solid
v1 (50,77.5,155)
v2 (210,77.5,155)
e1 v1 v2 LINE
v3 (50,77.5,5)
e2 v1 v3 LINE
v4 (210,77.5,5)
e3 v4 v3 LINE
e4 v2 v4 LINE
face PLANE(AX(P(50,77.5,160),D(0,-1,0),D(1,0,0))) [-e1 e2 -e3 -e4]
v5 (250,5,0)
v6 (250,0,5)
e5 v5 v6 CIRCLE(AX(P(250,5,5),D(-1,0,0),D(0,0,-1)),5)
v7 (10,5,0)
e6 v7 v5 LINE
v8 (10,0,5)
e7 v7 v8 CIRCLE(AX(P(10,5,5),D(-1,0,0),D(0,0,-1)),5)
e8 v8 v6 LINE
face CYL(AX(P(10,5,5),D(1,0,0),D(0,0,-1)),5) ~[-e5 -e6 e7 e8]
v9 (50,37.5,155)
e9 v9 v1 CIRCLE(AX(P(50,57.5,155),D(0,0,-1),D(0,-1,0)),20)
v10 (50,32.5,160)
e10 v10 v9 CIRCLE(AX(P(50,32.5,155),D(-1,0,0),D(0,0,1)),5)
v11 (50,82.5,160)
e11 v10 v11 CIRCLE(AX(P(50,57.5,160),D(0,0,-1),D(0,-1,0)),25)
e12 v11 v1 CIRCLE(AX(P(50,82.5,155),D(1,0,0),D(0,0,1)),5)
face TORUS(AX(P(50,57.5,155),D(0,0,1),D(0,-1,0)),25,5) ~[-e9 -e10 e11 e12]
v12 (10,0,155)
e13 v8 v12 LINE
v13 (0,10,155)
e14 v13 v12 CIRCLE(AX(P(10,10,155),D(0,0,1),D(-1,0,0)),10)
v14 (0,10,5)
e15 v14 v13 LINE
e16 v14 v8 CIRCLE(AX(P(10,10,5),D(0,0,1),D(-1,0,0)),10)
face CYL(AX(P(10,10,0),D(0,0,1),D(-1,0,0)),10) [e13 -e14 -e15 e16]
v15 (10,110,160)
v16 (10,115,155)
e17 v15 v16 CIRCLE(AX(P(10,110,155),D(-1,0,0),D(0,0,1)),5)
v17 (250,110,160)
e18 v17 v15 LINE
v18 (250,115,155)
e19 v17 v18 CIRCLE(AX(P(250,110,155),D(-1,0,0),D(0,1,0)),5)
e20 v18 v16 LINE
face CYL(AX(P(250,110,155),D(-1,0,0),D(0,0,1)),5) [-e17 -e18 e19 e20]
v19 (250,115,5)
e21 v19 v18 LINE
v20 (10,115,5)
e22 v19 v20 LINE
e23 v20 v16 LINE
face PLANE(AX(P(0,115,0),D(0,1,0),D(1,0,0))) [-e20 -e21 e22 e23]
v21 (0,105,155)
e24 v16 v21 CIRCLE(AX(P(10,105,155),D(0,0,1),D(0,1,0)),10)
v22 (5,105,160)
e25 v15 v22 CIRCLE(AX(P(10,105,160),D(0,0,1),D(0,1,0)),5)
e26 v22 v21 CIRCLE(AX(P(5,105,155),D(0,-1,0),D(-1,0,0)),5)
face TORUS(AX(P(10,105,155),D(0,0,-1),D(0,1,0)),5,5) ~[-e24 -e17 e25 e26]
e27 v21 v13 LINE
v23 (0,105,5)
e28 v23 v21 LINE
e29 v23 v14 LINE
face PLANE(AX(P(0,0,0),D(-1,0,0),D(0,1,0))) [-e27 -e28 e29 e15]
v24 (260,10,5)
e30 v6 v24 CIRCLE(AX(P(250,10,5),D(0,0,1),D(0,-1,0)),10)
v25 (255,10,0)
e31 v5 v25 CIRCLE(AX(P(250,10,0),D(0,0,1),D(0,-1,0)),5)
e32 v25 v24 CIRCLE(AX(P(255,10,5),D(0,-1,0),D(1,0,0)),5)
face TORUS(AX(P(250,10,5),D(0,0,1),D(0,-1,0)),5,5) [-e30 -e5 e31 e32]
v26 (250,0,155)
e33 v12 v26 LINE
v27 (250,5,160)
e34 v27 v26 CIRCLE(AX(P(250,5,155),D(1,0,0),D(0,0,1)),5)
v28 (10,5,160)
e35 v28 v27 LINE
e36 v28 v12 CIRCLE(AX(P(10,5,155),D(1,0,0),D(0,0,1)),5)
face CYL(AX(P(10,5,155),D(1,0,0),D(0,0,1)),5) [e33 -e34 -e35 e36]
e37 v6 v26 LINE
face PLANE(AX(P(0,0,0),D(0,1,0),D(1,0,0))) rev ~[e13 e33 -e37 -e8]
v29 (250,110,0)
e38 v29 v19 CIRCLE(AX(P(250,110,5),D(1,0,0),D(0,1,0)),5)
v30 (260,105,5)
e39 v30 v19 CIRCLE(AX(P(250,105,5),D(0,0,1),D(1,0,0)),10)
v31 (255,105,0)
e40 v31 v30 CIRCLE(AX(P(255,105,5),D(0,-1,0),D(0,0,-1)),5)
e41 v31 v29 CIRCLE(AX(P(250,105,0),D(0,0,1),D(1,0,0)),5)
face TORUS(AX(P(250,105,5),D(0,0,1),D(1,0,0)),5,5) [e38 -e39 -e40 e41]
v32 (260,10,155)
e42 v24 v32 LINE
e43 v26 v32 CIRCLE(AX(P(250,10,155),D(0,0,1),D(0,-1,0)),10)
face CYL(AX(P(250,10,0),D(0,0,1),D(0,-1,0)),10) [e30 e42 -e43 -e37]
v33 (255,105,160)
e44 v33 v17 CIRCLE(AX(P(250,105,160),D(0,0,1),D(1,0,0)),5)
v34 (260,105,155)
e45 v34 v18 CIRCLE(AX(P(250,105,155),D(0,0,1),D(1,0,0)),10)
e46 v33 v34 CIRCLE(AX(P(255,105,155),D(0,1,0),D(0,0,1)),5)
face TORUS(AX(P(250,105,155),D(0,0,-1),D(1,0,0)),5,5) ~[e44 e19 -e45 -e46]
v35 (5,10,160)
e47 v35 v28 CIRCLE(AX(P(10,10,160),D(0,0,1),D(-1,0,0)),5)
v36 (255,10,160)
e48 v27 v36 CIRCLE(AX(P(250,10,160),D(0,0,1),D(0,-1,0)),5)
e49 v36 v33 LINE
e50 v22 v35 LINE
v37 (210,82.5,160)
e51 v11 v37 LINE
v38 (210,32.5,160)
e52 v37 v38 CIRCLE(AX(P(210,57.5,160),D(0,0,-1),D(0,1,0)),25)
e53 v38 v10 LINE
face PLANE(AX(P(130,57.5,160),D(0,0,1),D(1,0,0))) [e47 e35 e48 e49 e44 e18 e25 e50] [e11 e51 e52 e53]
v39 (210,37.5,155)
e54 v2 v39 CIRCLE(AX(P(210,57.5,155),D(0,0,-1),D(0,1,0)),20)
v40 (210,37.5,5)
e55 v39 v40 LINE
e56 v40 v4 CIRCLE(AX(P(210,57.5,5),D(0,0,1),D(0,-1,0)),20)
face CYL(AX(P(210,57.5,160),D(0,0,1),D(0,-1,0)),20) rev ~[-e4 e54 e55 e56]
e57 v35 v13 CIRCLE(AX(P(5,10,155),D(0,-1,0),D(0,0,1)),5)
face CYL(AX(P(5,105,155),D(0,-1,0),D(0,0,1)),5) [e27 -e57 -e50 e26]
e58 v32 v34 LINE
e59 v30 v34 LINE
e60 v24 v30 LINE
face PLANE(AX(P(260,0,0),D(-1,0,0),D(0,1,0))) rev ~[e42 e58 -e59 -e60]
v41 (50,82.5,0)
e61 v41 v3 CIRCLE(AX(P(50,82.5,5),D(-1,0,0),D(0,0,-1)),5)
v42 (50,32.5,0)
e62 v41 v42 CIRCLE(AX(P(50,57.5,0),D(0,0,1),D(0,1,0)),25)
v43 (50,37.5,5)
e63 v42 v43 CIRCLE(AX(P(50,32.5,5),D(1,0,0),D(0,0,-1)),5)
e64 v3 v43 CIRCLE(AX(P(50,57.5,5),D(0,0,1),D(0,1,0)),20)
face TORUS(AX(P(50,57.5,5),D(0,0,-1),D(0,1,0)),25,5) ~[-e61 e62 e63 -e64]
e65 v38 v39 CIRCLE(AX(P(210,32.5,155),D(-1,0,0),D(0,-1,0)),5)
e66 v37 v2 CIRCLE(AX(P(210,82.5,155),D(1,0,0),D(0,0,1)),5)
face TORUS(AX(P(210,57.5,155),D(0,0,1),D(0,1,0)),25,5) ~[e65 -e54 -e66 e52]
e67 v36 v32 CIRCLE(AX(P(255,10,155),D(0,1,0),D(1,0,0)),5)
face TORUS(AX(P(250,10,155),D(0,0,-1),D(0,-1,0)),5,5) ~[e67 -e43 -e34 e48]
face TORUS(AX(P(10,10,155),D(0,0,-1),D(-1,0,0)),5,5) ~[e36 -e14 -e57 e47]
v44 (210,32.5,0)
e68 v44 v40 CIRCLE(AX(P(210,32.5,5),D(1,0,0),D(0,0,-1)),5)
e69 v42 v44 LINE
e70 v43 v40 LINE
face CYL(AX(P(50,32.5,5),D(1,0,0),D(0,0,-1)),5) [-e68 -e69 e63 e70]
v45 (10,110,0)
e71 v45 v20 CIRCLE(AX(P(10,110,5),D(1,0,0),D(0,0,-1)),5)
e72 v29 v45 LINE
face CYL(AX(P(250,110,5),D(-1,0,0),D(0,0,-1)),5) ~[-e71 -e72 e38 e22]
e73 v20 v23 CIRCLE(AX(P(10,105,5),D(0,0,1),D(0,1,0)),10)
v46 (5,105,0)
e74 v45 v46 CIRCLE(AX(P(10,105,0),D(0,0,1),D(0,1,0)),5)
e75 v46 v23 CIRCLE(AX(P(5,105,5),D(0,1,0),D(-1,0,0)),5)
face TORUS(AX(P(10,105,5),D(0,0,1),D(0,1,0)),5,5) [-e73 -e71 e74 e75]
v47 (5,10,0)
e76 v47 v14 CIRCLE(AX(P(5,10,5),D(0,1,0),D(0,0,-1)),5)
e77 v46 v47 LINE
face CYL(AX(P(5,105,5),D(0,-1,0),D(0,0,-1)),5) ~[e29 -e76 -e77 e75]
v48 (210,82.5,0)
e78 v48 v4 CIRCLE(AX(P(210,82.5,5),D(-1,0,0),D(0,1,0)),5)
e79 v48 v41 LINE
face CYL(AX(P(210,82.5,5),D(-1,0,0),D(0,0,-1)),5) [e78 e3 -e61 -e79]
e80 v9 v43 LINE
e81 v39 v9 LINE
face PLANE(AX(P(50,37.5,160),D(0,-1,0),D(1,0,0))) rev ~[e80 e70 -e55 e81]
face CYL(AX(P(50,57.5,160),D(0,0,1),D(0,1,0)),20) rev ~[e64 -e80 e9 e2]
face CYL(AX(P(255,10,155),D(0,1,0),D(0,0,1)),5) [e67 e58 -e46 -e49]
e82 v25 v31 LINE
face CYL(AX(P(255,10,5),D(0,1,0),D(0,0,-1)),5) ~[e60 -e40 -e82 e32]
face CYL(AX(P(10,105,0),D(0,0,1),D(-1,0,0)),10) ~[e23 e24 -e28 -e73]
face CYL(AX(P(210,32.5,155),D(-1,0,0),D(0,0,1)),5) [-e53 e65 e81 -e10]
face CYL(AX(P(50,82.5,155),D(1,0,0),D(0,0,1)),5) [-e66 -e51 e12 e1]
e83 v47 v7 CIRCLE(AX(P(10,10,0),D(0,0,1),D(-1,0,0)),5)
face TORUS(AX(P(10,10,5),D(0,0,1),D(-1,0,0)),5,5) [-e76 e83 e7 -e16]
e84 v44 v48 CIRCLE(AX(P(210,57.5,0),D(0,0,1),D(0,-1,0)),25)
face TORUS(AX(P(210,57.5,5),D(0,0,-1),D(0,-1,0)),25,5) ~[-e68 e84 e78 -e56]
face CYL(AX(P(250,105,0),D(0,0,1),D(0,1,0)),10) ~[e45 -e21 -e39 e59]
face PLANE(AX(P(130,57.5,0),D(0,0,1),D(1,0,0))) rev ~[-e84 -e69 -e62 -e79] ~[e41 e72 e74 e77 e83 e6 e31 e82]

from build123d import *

# Parameters (mm, degrees)
SKETCH_W     = 260
SKETCH_H     = 115
PAD_DEPTH    = 160
POCKET_DEPTH = 160.001
FILLET_R     = 10
FILLET001_R  = 5


with BuildPart() as part:
    # Sketch → Pad (new body)
    with BuildSketch(Plane.XY):
        with Locations((130, 57.5)):
            Rectangle(SKETCH_W, SKETCH_H)
    extrude(amount=PAD_DEPTH)

    # Sketch001 → Pocket (cut, through all)
    with BuildSketch(Plane.XY.offset(160)):
        with BuildLine():
            ThreePointArc((50, 77.5), (30, 57.5), (50, 37.5))
            Line((50, 37.5), (210, 37.5))
            ThreePointArc((210, 37.5), (230, 57.5), (210, 77.5))
            Line((50, 77.5), (210, 77.5))
        make_face()
    extrude(amount=-POCKET_DEPTH, mode=Mode.SUBTRACT)

    # Fillet
    fillet_edges = [part.edges().sort_by_distance(p)[0] for p in [
        (0, 0, 80),
        (0, 115, 80),
        (260, 0, 80),
        (260, 115, 80),
    ]]
    fillet(fillet_edges, radius=FILLET_R)

    # Fillet001
    fillet001_edges = [part.edges().sort_by_distance(p)[0] for p in [
        (130, 0, 0),
        (2.928932, 2.928932, 0),
        (257.071068, 2.928932, 0),
        (0, 57.5, 0),
        (260, 57.5, 0),
        (2.928932, 112.071068, 0),
        (257.071068, 112.071068, 0),
        (130, 115, 0),
        (130, 37.5, 0),
        (30, 57.5, 0),
        (130, 77.5, 0),
        (230, 57.5, 0),
        (130, 0, 160),
        (2.928932, 2.928932, 160),
        (257.071068, 2.928932, 160),
        (0, 57.5, 160),
        (260, 57.5, 160),
        (2.928932, 112.071068, 160),
        (257.071068, 112.071068, 160),
        (130, 115, 160),
        (130, 77.5, 160),
        (230, 57.5, 160),
        (130, 37.5, 160),
        (30, 57.5, 160),
    ]]
    fillet(fillet001_edges, radius=FILLET001_R)


solid = part.part
